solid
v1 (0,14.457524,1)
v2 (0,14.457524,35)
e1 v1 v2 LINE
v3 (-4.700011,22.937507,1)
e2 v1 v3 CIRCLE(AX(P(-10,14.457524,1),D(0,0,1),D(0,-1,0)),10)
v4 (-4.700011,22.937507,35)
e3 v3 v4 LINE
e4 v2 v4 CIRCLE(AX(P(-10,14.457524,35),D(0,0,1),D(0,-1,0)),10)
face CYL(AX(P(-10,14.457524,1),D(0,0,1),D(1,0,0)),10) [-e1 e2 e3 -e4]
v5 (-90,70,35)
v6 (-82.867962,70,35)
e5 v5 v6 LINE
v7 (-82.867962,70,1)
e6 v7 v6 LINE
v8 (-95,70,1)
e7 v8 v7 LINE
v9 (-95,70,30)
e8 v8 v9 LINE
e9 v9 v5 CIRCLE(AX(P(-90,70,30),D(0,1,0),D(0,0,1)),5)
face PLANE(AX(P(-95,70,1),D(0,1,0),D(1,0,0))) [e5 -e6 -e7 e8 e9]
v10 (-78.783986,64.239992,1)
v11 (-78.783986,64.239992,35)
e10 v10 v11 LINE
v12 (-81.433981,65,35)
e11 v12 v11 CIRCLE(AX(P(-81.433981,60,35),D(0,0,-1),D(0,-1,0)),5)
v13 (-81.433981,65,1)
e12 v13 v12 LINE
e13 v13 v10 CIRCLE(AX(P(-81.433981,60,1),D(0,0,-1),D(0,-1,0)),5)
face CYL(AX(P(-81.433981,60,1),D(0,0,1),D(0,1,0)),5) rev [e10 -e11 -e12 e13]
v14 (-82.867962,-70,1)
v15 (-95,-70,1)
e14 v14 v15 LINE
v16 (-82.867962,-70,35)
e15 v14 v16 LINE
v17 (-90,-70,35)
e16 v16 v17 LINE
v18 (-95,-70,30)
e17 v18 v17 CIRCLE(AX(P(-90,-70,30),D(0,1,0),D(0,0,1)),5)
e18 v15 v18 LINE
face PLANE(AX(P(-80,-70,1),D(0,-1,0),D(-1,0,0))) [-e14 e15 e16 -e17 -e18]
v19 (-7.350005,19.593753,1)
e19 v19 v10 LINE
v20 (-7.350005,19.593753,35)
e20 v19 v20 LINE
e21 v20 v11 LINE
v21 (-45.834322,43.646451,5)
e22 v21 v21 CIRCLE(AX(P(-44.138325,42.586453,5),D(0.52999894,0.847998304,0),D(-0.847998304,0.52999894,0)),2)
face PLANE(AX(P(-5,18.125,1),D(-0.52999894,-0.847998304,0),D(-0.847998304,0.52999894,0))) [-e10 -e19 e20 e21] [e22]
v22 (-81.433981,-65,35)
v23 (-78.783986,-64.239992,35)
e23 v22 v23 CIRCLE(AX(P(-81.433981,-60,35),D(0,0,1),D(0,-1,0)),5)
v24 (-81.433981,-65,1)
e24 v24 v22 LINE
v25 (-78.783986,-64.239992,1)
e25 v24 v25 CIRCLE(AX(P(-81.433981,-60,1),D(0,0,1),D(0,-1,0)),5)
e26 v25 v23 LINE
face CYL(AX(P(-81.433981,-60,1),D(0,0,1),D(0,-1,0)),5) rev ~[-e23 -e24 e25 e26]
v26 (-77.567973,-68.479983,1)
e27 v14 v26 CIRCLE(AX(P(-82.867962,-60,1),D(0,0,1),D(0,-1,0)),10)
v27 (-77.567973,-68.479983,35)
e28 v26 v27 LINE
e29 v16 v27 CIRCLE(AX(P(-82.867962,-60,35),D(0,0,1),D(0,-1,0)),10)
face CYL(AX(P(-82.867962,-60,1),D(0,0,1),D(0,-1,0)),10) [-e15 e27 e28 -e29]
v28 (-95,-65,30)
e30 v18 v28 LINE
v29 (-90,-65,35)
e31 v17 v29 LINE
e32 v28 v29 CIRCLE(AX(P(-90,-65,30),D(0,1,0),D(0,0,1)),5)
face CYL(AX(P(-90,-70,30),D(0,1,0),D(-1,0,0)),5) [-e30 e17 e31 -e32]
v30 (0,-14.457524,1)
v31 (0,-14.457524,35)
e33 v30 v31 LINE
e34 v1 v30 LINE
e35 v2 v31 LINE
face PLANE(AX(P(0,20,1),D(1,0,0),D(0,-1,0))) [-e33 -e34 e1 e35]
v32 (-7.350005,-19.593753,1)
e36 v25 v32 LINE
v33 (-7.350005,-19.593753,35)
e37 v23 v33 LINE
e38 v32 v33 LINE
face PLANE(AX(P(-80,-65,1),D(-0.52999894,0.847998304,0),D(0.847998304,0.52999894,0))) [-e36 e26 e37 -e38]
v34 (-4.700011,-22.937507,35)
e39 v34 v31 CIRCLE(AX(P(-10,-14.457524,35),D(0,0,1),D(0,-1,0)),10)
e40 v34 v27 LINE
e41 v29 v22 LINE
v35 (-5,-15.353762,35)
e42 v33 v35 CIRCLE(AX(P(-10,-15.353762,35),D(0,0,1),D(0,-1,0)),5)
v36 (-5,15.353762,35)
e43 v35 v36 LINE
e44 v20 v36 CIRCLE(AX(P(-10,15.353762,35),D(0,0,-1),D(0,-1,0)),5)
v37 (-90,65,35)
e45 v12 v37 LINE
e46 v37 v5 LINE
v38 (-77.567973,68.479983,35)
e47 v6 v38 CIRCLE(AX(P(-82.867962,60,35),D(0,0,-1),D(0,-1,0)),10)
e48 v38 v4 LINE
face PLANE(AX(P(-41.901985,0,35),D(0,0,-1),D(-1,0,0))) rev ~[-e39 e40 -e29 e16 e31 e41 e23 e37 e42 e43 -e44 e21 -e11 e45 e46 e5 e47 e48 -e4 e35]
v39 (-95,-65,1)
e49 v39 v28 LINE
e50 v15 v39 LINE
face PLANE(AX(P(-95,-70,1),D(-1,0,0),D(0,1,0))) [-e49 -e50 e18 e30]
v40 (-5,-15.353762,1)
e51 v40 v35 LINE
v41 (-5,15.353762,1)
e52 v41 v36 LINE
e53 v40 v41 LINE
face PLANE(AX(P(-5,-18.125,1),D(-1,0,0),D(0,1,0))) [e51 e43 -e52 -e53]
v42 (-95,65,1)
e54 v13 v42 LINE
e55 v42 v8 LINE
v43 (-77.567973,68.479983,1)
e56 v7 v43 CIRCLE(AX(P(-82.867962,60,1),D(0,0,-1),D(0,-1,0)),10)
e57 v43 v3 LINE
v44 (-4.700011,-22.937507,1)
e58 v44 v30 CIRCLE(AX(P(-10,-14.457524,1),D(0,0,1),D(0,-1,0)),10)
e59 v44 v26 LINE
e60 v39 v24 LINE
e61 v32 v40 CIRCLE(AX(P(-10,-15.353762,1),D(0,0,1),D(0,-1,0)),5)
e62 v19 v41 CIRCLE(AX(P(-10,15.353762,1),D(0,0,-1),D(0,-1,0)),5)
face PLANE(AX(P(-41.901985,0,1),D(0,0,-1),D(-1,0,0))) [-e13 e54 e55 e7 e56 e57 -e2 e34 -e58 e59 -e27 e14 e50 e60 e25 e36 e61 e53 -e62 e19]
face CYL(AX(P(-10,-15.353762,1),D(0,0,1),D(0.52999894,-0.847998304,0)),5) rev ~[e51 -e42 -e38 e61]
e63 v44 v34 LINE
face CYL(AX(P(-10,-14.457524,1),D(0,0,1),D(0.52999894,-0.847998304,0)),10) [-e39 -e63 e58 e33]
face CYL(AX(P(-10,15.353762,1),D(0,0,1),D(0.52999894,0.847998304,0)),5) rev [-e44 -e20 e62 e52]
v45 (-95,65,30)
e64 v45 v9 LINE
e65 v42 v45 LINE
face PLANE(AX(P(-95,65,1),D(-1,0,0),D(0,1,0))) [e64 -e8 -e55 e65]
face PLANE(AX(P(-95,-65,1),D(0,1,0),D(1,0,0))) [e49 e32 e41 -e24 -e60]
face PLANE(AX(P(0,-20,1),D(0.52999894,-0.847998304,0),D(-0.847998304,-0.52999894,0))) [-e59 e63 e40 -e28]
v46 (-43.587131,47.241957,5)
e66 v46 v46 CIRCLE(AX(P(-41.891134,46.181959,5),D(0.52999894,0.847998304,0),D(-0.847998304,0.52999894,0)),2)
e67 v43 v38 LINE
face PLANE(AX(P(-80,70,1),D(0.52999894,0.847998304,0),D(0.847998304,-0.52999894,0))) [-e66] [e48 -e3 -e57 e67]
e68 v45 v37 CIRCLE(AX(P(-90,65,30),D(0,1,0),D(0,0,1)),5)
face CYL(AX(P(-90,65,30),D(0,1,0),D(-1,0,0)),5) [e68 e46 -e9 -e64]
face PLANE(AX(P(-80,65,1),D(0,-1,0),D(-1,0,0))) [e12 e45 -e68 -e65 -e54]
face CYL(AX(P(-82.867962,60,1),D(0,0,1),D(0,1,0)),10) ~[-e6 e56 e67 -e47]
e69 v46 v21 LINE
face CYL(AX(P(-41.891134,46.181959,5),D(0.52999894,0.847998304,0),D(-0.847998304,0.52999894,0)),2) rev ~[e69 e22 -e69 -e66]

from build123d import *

# Parameters (mm, degrees)
PAD003_DEPTH    = 34
FILLET001_R     = 5
FILLET002_R     = 10
FILLET003_R     = 5
SKETCH013_R     = 2
POCKET005_DEPTH = 5


with BuildPart() as part:
    # Sketch009 (on XY_Plane001 of Origin002) → Pad003 (new body)
    with BuildSketch(Plane.XY.offset(1)):
        Polygon((0, 20), (0, -20), (-80, -70), (-95, -70), (-95, -65), (-80, -65), (-5, -18.125), (-5, 18.125), (-80, 65), (-95, 65), (-95, 70), (-80, 70), align=None)
    extrude(amount=PAD003_DEPTH)

    # Fillet001
    fillet001_edges = [part.edges().sort_by_distance(p)[0] for p in [
        (-95, -67.5, 35),
        (-95, 67.5, 35),
    ]]
    fillet(fillet001_edges, radius=FILLET001_R)

    # Fillet002
    fillet002_edges = [part.edges().sort_by_distance(p)[0] for p in [
        (-80, -70, 18),
        (0, -20, 18),
        (0, 20, 18),
        (-80, 70, 18),
    ]]
    fillet(fillet002_edges, radius=FILLET002_R)

    # Fillet003
    fillet003_edges = [part.edges().sort_by_distance(p)[0] for p in [
        (-80, -65, 18),
        (-5, -18.125, 18),
        (-80, 65, 18),
        (-5, 18.125, 18),
    ]]
    fillet(fillet003_edges, radius=FILLET003_R)

    # Sketch013 (on Face10 of Fillet003) → Pocket005 (cut)
    with BuildSketch(Plane(origin=(8.9887640449, 14.3820224719, 0), x_dir=(-0.847998304, 0.52999894, 0), z_dir=(0.52999894, 0.847998304, 0))):
        with Locations((60, 5)):
            Circle(SKETCH013_R)
    extrude(amount=-POCKET005_DEPTH, mode=Mode.SUBTRACT)


solid = part.part
